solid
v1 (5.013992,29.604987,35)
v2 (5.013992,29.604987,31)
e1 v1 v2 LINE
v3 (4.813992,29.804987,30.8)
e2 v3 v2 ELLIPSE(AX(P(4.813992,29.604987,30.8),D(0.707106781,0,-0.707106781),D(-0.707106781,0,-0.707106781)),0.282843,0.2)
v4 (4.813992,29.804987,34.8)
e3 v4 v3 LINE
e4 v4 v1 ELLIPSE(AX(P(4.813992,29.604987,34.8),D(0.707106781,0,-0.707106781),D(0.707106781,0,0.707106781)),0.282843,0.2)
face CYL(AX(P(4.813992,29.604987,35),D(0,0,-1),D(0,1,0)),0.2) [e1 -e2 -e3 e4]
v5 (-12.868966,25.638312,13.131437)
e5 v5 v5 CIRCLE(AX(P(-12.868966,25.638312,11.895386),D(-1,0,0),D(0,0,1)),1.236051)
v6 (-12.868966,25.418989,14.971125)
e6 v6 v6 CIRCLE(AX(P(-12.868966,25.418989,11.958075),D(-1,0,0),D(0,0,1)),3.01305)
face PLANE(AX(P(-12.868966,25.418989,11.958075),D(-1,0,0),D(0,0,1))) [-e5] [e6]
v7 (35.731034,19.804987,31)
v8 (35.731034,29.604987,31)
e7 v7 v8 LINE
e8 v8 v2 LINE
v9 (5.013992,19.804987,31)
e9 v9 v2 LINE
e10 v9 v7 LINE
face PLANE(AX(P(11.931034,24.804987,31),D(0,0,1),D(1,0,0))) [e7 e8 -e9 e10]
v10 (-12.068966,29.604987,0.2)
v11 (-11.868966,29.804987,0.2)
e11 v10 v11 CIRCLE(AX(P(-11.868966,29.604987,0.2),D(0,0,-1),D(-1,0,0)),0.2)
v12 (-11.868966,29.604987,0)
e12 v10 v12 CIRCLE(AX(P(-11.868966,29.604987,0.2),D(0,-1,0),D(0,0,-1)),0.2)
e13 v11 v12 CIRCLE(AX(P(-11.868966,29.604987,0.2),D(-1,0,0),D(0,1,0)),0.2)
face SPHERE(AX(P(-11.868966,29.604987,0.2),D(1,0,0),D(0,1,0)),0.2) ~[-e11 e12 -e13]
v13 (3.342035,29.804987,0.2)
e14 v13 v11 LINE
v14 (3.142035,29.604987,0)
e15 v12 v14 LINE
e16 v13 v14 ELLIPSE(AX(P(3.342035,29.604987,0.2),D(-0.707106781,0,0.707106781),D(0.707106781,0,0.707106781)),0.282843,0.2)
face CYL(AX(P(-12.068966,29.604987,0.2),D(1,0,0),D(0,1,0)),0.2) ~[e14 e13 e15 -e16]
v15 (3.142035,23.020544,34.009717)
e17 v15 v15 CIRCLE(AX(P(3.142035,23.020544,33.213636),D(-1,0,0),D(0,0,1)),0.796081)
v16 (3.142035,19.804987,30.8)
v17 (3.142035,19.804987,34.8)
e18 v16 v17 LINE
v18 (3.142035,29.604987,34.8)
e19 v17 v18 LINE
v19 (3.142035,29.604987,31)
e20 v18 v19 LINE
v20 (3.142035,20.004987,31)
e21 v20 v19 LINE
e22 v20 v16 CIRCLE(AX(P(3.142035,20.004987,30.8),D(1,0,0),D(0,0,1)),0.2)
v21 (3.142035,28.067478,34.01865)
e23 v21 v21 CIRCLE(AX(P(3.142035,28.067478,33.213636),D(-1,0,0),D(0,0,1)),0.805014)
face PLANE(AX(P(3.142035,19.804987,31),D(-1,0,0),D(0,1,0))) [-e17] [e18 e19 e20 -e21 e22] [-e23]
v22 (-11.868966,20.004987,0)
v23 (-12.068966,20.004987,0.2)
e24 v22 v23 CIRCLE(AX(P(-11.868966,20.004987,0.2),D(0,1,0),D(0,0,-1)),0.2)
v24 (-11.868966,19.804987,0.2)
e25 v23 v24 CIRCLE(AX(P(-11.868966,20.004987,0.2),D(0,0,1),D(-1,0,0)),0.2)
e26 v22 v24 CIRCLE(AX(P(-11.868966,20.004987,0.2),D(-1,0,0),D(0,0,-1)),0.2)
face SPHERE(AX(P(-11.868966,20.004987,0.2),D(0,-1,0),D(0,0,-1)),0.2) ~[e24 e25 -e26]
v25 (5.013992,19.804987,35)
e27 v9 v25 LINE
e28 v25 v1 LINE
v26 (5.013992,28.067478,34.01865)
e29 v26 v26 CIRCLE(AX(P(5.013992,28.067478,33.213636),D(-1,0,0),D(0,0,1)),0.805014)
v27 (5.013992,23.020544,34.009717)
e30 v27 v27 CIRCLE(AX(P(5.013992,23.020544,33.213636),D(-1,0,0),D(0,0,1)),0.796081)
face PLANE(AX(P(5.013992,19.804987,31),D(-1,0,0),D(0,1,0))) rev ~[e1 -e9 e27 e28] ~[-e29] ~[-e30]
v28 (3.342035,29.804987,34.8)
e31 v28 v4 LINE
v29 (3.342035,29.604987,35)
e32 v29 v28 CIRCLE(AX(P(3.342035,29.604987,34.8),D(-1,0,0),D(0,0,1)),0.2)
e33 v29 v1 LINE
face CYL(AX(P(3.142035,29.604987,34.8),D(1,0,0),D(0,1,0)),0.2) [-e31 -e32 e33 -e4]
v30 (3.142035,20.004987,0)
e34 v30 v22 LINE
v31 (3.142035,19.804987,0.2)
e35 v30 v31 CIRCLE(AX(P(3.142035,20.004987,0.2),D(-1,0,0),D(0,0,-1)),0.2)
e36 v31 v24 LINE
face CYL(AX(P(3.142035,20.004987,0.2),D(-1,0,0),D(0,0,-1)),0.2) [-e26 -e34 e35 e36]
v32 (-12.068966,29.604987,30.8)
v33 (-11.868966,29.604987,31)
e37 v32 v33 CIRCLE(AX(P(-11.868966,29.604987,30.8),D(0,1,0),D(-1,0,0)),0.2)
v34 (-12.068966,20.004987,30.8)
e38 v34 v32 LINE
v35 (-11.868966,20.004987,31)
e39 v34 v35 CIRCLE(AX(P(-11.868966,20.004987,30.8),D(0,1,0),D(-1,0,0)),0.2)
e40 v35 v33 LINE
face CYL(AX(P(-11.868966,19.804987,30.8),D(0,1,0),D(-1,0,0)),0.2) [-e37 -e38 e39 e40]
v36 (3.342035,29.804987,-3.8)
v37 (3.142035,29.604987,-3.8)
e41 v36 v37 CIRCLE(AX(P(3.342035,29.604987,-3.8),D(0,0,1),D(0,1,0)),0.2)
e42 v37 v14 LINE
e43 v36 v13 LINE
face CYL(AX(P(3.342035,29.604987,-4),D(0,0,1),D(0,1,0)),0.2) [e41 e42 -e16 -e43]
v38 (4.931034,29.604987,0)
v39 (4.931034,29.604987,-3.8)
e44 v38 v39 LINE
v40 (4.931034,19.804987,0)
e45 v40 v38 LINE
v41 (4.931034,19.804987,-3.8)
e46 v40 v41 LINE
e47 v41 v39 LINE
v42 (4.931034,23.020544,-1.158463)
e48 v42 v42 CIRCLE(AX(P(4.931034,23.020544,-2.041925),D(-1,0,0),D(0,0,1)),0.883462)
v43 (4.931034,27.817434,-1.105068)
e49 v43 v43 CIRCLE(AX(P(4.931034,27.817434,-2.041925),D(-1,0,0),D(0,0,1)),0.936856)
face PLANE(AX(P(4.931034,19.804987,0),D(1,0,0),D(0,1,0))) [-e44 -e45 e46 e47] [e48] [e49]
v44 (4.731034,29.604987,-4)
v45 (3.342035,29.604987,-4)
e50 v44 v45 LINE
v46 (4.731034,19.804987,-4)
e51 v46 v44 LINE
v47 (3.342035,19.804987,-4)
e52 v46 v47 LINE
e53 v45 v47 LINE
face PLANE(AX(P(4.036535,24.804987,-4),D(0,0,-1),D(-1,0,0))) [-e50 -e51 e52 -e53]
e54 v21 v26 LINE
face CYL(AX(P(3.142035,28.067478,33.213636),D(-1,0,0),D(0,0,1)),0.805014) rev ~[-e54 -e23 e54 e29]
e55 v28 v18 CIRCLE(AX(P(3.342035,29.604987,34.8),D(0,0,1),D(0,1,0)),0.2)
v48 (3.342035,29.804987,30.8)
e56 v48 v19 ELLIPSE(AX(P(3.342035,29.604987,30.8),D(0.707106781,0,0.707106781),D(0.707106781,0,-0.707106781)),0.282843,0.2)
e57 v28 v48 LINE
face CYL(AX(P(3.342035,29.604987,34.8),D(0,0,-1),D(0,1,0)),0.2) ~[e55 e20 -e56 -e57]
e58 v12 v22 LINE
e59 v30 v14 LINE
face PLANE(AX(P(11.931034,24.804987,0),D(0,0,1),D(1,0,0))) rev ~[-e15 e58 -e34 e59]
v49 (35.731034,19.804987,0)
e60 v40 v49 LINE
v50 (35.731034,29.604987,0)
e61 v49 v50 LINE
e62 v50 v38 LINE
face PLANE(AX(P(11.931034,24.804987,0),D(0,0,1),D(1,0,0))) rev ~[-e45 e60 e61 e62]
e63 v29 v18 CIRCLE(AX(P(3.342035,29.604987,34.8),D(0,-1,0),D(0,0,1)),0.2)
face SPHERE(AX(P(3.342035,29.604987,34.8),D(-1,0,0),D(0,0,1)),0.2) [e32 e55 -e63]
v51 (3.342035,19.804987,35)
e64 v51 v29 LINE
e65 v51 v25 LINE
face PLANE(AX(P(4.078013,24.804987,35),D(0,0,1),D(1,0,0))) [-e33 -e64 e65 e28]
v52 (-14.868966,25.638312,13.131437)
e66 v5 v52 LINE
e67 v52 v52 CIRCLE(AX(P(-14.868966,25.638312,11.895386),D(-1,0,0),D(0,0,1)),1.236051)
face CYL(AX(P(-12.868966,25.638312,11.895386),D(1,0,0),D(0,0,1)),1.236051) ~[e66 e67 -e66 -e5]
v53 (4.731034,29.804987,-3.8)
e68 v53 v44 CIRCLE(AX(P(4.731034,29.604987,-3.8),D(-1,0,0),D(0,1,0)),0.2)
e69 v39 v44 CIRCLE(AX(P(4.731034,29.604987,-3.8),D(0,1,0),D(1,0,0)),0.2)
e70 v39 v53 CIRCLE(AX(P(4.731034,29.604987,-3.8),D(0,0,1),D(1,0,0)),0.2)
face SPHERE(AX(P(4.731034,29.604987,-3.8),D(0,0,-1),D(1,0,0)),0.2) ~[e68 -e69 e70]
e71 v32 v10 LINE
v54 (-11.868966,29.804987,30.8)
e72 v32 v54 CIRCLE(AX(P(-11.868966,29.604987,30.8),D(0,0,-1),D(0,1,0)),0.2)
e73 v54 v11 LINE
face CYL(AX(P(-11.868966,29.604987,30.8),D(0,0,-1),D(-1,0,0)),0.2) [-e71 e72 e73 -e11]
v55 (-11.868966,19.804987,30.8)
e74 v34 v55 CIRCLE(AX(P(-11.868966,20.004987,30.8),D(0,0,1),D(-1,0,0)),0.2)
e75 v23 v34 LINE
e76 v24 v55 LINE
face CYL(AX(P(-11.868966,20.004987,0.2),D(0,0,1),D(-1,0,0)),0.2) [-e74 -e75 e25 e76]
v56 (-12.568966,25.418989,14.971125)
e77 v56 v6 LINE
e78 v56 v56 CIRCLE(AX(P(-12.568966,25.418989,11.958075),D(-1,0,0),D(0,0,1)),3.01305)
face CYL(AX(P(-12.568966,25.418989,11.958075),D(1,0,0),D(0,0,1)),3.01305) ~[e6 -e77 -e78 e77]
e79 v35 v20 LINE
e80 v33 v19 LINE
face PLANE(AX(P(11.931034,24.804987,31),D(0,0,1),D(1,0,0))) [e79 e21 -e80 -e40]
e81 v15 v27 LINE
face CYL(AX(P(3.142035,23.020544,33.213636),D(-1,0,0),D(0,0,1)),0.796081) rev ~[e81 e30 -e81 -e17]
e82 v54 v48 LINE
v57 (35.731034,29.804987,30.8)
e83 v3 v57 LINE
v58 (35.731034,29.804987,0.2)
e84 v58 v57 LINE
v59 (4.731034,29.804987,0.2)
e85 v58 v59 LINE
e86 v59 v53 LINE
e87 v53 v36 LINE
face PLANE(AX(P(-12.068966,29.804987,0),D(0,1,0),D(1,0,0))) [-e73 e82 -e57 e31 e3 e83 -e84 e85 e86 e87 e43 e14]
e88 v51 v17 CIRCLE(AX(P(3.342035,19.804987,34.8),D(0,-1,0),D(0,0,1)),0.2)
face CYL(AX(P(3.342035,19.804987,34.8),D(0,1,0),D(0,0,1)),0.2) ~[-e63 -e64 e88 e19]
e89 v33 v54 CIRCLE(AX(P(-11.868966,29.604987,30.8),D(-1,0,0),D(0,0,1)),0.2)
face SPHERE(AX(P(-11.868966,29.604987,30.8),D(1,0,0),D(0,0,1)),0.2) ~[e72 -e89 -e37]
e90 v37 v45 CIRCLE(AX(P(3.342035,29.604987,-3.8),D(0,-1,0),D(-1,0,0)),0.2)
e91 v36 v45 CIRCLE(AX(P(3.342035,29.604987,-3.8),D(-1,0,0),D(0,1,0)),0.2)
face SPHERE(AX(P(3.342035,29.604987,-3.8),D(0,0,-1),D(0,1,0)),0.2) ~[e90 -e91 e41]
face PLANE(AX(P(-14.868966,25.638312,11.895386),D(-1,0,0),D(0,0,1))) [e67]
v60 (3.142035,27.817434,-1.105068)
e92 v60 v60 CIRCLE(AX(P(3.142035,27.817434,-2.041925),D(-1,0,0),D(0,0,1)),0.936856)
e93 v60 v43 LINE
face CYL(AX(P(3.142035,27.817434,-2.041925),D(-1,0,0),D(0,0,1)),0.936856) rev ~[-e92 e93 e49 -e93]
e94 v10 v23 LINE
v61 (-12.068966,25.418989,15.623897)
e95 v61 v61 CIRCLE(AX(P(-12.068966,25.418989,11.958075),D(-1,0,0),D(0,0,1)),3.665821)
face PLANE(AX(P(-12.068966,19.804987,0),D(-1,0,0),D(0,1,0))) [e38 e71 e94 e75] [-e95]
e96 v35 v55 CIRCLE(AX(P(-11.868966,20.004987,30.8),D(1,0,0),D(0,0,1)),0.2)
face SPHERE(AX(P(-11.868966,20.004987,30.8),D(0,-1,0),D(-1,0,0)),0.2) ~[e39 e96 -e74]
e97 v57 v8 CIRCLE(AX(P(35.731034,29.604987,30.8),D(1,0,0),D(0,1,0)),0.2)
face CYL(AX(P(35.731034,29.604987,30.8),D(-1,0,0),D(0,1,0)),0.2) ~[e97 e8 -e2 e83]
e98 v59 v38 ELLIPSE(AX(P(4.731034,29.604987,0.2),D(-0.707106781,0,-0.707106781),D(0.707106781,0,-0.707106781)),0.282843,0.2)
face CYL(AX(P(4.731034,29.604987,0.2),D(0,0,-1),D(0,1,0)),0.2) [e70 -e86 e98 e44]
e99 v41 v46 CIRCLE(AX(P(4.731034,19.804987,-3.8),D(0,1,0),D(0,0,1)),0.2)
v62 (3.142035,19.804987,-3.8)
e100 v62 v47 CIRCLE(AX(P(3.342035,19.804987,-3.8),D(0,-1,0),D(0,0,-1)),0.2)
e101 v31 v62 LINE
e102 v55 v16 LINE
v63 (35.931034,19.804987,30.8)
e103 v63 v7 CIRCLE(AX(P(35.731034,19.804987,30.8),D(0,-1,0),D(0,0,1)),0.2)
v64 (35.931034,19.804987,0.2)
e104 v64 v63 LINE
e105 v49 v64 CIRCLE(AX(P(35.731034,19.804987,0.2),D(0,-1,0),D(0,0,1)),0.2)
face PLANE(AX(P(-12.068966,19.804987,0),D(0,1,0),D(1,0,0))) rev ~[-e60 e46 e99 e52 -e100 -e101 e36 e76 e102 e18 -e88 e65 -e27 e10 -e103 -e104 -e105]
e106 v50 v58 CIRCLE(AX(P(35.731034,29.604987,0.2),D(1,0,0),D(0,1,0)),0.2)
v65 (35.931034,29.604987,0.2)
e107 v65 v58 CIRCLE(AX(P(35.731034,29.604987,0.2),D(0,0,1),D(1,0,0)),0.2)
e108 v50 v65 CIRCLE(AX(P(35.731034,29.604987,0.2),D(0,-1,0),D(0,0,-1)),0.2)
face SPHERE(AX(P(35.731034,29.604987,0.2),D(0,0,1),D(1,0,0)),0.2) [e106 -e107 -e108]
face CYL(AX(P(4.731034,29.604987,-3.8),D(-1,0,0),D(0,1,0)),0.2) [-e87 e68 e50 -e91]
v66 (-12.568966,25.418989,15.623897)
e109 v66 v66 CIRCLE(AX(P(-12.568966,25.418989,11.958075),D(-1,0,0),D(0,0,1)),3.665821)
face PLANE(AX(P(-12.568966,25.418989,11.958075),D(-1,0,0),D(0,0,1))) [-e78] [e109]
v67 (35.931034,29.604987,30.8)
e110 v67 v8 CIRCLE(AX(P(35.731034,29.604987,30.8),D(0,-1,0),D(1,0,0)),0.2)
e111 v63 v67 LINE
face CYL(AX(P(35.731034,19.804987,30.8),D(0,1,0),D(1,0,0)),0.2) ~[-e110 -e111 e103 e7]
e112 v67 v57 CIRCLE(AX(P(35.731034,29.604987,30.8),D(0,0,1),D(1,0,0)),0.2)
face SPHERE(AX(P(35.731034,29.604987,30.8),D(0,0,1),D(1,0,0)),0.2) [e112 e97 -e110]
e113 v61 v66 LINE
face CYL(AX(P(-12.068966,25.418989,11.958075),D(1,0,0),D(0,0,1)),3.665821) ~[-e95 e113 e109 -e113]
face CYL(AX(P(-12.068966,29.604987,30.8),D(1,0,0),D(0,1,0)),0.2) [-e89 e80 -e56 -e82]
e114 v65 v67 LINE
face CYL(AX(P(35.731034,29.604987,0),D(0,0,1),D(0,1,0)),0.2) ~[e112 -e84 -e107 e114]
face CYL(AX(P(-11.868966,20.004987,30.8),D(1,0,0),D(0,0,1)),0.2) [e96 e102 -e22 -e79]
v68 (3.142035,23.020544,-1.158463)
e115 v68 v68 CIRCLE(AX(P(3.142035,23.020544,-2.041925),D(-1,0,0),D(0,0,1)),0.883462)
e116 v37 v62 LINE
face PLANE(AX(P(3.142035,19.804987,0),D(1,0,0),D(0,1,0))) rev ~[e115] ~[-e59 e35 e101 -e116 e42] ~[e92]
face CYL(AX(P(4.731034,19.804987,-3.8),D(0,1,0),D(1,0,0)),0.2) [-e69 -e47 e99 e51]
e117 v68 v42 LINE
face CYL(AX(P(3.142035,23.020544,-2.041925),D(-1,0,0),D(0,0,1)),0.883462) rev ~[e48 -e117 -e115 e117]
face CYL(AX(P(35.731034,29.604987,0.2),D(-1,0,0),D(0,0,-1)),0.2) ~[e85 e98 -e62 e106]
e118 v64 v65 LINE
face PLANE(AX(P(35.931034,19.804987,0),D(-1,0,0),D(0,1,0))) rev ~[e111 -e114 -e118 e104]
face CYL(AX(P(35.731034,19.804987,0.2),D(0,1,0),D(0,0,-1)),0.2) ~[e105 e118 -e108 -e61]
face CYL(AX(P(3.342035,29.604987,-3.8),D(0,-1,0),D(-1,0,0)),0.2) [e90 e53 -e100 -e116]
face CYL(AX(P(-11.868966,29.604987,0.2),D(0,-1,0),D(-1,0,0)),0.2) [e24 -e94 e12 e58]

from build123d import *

# Parameters (mm, degrees)
SKETCH_1_W          = 48
SKETCH_1_H          = 10
EXTRUDE_1_DEPTH     = 31
SKETCH_4_W          = 1.788999432
SKETCH_4_H          = 10
EXTRUDE_2_DEPTH     = 4
SKETCH_14_W         = 1.871956719
SKETCH_14_H         = 10
EXTRUDE_4_DEPTH     = 4
SKETCH_15_R         = 3.665821214
EXTRUDE_5_DEPTH     = 0.5
SKETCH_16_R         = 3.013049761
EXTRUDE_6_DEPTH     = 0.3
SKETCH_17_R         = 1.236050747
EXTRUDE_8_DEPTH     = 2
SKETCH_22_R         = 0.88346166
SKETCH_22_R_2       = 0.936856128
CUT_EXTRUDE_1_DEPTH = 5
SKETCH_23_R         = 0.805014206
SKETCH_23_R_2       = 0.796081263
CUT_EXTRUDE_2_DEPTH = 5
FILLET_3_R          = 0.2
FILLET_4_R          = 0.2
FILLET_5_R          = 0.2
FILLET_6_R          = 0.2
FILLET_7_R          = 0.2
FILLET_8_R          = 0.2
FILLET_9_R          = 0.2
FILLET_10_R         = 0.2


with BuildPart() as part:
    # 草图1 → 凸台-拉伸1 (new body)
    with BuildSketch(Plane.XY):
        with Locations((11.931034483, 24.804987121)):
            Rectangle(SKETCH_1_W, SKETCH_1_H)
    extrude(amount=EXTRUDE_1_DEPTH)

    # 草图4 → 凸台-拉伸2 (add)
    with BuildSketch(Plane(origin=(0, 0, 0), x_dir=(-1, 0, 0), z_dir=(0, 0, -1))):
        with Locations((-4.036534767, 24.804987121)):
            Rectangle(SKETCH_4_W, SKETCH_4_H)
    extrude(amount=EXTRUDE_2_DEPTH)

    # 草图14 → 凸台-拉伸4 (add)
    with BuildSketch(Plane.XY.offset(31)):
        with Locations((4.078013411, 24.804987121)):
            Rectangle(SKETCH_14_W, SKETCH_14_H)
    extrude(amount=EXTRUDE_4_DEPTH)

    # 草图15 → 凸台-拉伸5 (add)
    with BuildSketch(Plane.ZY.offset(12.068965517)):
        with Locations((11.958075482, 25.418989077)):
            Circle(SKETCH_15_R)
    extrude(amount=EXTRUDE_5_DEPTH)

    # 草图16 → 凸台-拉伸6 (add)
    with BuildSketch(Plane.ZY.offset(12.568965517)):
        with Locations((11.958075482, 25.418989077)):
            Circle(SKETCH_16_R)
    extrude(amount=EXTRUDE_6_DEPTH)

    # 草图17 → 凸台-拉伸8 (add)
    with BuildSketch(Plane.ZY.offset(12.868965517)):
        with Locations((11.895385931, 25.638311879)):
            Circle(SKETCH_17_R)
    extrude(amount=EXTRUDE_8_DEPTH)

    # 草图22 → 切除-拉伸1 (cut)
    with BuildSketch(Plane.ZY.offset(-3.142035051)):
        with Locations((-2.041924518, 23.020543935)):
            Circle(SKETCH_22_R)
        with Locations((-2.041924518, 27.817434219)):
            Circle(SKETCH_22_R_2)
    extrude(amount=-CUT_EXTRUDE_1_DEPTH, mode=Mode.SUBTRACT)

    # 草图23 → 切除-拉伸2 (cut)
    with BuildSketch(Plane.ZY.offset(-3.142035051)):
        with Locations((33.213635659, 28.067477757)):
            Circle(SKETCH_23_R)
        with Locations((33.213635659, 23.020543935)):
            Circle(SKETCH_23_R_2)
    extrude(amount=-CUT_EXTRUDE_2_DEPTH, mode=Mode.SUBTRACT)

    # 圆角3
    fillet_3_edges = [part.edges().sort_by_distance(p)[0] for p in [
        (35.931034483, 29.804987121, 15.5),
    ]]
    fillet(fillet_3_edges, radius=FILLET_3_R)

    # 圆角4
    fillet_4_edges = [part.edges().sort_by_distance(p)[0] for p in [
        (-4.463465233, 29.804987121, 0),
        (35.931034483, 24.704987121, 0),
        (20.331034483, 29.804987121, 0),
        (35.872455839, 29.746408477, 0),
    ]]
    fillet(fillet_4_edges, radius=FILLET_4_R)

    # 圆角5
    fillet_5_edges = [part.edges().sort_by_distance(p)[0] for p in [
        (4.931034483, 29.804987121, -2),
        (3.142035051, 29.804987121, -2),
    ]]
    fillet(fillet_5_edges, radius=FILLET_5_R)

    # 圆角6
    fillet_6_edges = [part.edges().sort_by_distance(p)[0] for p in [
        (4.931034483, 24.704987121, -4),
        (4.036534767, 29.804987121, -4),
        (3.200613695, 29.746408477, -4),
        (4.872455839, 29.746408477, -4),
        (35.931034483, 24.704987121, 31),
        (3.142035051, 24.704987121, -4),
        (20.372513126, 29.804987121, 31),
        (35.872455839, 29.746408477, 31),
    ]]
    fillet(fillet_6_edges, radius=FILLET_6_R)

    # 圆角7
    fillet_7_edges = [part.edges().sort_by_distance(p)[0] for p in [
        (4.07801341, 29.804987121, 35),
        (5.01399177, 29.804987121, 33),
    ]]
    fillet(fillet_7_edges, radius=FILLET_7_R)

    # 圆角8
    fillet_8_edges = [part.edges().sort_by_distance(p)[0] for p in [
        (3.142035051, 24.704987121, 35),
        (3.142035051, 29.804987121, 32.9),
        (3.142035051, 29.746408477, 34.941421356),
        (-4.463465233, 29.804987121, 31),
    ]]
    fillet(fillet_8_edges, radius=FILLET_8_R)

    # 圆角9
    fillet_9_edges = [part.edges().sort_by_distance(p)[0] for p in [
        (-12.068965517, 24.704987121, 31),
        (-12.068965517, 29.804987121, 15.5),
        (-12.068965517, 29.746408477, 30.941421356),
        (-12.068965517, 24.704987121, 0),
        (-12.068965517, 29.746408477, 0.058578644),
    ]]
    fillet(fillet_9_edges, radius=FILLET_9_R)

    # 圆角10
    fillet_10_edges = [part.edges().sort_by_distance(p)[0] for p in [
        (-12.068965517, 19.804987121, 15.5),
        (-4.363465233, 19.804987121, 31),
        (-4.363465233, 19.804987121, 0),
        (-12.010386873, 19.804987121, 30.941421356),
        (-12.010386873, 19.804987121, 0.058578644),
    ]]
    fillet(fillet_10_edges, radius=FILLET_10_R)


solid = part.part
